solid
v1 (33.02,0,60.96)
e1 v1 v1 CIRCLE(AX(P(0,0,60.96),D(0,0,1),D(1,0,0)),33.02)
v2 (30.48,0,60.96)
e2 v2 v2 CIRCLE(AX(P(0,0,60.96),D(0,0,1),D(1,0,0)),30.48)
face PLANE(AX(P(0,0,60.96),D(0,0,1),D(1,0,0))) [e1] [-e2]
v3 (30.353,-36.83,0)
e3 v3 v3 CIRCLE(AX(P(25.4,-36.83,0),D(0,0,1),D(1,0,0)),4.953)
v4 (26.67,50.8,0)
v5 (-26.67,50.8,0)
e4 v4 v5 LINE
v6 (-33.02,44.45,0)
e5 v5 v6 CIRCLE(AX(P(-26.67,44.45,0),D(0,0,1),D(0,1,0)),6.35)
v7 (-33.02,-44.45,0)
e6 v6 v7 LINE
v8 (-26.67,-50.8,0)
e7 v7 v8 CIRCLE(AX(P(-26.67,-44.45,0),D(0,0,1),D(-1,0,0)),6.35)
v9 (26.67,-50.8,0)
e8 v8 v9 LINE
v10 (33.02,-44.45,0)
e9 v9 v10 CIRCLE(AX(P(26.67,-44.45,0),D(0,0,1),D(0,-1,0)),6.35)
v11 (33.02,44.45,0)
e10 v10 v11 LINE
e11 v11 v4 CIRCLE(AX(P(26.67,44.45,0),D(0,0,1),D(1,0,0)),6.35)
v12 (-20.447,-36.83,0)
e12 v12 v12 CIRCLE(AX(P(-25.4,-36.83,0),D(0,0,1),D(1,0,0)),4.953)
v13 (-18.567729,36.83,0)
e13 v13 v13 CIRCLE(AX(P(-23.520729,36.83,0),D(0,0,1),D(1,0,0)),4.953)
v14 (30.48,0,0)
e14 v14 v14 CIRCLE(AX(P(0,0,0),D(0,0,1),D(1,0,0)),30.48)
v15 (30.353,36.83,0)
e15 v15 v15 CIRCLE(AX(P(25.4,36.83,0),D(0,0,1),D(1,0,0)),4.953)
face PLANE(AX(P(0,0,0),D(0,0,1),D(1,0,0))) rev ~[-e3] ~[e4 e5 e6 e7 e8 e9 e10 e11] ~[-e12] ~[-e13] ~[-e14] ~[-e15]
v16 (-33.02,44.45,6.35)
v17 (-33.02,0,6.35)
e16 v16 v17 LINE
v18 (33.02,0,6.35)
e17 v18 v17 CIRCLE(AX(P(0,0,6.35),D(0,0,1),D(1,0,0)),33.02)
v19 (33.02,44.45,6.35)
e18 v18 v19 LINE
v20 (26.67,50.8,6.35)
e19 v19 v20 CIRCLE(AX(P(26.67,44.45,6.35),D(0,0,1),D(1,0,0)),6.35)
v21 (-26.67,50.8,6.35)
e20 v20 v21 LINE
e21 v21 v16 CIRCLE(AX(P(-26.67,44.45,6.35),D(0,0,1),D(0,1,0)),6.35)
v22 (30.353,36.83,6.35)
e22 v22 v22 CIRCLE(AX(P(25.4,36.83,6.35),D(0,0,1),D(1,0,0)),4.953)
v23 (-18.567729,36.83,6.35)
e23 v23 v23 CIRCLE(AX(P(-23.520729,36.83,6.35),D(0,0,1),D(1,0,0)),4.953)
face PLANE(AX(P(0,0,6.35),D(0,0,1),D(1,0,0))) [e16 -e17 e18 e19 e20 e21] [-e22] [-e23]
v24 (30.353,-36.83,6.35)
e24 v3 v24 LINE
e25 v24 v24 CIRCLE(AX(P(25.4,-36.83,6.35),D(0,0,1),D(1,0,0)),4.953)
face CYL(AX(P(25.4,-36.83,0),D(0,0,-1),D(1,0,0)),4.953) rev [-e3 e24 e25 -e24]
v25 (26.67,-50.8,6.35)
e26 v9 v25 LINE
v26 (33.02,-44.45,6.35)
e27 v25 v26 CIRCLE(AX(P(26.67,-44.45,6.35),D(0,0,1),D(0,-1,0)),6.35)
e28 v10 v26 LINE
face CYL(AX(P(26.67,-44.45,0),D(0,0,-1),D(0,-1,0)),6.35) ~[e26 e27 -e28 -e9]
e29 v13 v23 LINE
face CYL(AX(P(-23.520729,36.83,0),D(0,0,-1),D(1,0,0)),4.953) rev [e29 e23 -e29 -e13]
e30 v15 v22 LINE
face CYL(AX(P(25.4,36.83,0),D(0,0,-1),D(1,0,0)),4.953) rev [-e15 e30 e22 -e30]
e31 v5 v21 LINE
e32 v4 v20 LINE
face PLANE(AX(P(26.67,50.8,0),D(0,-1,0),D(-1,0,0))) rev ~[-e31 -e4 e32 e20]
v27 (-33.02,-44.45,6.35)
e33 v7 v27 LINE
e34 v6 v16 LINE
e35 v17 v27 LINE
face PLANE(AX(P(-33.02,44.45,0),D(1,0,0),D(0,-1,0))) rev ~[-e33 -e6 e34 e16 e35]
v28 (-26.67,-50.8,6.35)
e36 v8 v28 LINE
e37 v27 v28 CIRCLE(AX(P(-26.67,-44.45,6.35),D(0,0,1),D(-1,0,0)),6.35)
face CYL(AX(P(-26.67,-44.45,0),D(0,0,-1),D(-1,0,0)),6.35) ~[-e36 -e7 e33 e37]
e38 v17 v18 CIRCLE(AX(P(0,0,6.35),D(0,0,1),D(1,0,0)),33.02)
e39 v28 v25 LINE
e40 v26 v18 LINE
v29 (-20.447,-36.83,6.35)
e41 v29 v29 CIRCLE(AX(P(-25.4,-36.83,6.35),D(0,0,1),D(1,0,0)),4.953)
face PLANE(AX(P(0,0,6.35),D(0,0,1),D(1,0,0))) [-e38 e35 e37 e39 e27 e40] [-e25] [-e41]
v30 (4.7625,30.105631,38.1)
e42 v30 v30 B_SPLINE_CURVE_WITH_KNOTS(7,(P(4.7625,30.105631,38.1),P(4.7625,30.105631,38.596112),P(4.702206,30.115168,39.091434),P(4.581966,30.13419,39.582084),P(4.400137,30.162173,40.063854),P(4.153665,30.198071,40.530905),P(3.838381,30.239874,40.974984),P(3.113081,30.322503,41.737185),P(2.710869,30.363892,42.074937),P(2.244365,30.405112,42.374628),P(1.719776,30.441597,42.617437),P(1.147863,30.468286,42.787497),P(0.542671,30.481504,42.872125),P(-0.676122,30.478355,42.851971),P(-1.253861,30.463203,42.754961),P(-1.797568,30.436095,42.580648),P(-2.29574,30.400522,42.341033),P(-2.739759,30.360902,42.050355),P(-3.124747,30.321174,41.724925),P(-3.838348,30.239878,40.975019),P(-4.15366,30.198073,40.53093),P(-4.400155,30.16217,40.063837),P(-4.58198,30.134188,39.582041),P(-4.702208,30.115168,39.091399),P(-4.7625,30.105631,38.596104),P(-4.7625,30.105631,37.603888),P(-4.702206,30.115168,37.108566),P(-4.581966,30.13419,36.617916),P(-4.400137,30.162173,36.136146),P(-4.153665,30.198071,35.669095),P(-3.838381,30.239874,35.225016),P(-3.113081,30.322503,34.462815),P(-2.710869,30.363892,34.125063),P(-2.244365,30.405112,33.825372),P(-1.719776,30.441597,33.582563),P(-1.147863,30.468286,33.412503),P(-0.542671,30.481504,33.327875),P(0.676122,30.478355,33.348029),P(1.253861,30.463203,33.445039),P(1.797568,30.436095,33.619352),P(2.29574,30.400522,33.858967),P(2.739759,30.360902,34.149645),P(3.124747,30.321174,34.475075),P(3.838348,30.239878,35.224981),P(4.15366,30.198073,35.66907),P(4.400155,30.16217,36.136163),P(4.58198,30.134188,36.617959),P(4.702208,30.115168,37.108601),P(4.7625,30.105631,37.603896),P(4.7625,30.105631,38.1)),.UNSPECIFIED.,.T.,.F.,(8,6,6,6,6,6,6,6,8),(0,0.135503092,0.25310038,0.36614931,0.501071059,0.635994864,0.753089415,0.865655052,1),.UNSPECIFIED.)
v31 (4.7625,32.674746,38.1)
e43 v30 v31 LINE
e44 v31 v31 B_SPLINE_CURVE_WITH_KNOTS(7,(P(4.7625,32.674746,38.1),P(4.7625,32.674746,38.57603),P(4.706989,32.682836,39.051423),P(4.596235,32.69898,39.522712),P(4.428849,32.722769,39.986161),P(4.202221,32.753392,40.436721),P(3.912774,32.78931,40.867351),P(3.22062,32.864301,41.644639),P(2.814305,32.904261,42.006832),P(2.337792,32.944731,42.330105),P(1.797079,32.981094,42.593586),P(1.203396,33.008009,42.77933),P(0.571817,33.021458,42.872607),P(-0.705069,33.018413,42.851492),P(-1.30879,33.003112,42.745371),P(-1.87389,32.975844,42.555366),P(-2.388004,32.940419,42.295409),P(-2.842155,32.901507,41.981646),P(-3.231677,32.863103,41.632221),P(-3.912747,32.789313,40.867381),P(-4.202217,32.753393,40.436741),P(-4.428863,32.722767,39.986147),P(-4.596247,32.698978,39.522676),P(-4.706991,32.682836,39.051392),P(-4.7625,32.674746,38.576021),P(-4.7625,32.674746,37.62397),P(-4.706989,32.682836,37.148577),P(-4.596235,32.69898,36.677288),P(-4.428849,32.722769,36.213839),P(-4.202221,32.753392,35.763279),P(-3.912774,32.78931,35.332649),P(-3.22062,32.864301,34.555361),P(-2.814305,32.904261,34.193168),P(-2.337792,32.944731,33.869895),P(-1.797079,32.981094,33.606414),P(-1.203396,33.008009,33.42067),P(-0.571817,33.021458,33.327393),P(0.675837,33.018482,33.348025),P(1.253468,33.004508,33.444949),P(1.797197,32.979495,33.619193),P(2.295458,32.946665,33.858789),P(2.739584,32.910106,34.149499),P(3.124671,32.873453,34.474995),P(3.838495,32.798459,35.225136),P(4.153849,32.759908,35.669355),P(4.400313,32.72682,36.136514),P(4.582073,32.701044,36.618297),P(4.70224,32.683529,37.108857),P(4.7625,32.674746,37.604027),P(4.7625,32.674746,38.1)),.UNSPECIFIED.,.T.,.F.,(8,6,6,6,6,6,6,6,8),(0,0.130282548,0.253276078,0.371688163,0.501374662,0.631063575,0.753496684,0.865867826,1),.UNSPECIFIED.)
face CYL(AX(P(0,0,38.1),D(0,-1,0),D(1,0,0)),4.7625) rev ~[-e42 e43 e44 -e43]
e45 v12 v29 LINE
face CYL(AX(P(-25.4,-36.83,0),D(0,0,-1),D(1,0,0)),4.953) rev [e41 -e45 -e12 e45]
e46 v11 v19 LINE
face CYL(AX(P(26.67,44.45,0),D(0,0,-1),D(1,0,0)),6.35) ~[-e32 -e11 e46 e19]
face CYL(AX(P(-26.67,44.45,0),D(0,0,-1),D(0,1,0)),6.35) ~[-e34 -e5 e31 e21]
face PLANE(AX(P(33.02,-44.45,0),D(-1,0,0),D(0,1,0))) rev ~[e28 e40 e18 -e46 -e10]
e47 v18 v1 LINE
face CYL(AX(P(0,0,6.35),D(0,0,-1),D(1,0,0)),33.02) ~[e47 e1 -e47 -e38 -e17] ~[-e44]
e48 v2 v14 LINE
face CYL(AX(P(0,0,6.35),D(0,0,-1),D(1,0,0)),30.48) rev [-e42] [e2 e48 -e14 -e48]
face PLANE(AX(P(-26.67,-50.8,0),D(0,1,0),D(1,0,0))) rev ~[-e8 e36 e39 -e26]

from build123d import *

# Parameters (mm, degrees)
F0_R     = 4.953
F0_R_2   = 30.48
F1_DEPTH = 6.35
F2_R     = 33.02
F2_R_2   = 30.48
F3_DEPTH = 54.61
F5_D     = 9.525
F5_DEPTH = 50.801


with BuildPart() as f1:
    # F0 (on Top) → F1 (new body)
    with BuildSketch(Plane.XY):
        with BuildLine():
            ThreePointArc((33.02, 44.45), (31.1601280605, 48.9401280605), (26.67, 50.8))
            Line((26.67, 50.8), (-26.67, 50.8))
            ThreePointArc((-26.67, 50.8), (-31.1601280605, 48.9401280605), (-33.02, 44.45))
            Line((-33.02, 44.45), (-33.02, -44.45))
            ThreePointArc((-33.02, -44.45), (-31.1601280605, -48.9401280605), (-26.67, -50.8))
            Line((-26.67, -50.8), (26.67, -50.8))
            ThreePointArc((26.67, -50.8), (31.1601280605, -48.9401280605), (33.02, -44.45))
            Line((33.02, -44.45), (33.02, 44.45))
        make_face()
        with Locations((-25.4, -36.83)):
            Circle(F0_R, mode=Mode.SUBTRACT)
        with Locations((25.4, -36.83)):
            Circle(F0_R, mode=Mode.SUBTRACT)
        Circle(F0_R_2, mode=Mode.SUBTRACT)
        with Locations((-23.5207291554, 36.83)):
            Circle(F0_R, mode=Mode.SUBTRACT)
        with Locations((25.4, 36.83)):
            Circle(F0_R, mode=Mode.SUBTRACT)
    extrude(amount=F1_DEPTH)

    # F2 (on face) → F3 (join)
    with BuildSketch(Plane.XY.offset(6.35)):
        Circle(F2_R)
        Circle(F2_R_2, mode=Mode.SUBTRACT)
    extrude(amount=F3_DEPTH)

    # F5 (through all, one way)
    with BuildSketch(Plane.XZ):
        with Locations((0, 38.1)):
            Circle(F5_D / 2)
    extrude(amount=-F5_DEPTH, mode=Mode.SUBTRACT)


solid = f1.part
